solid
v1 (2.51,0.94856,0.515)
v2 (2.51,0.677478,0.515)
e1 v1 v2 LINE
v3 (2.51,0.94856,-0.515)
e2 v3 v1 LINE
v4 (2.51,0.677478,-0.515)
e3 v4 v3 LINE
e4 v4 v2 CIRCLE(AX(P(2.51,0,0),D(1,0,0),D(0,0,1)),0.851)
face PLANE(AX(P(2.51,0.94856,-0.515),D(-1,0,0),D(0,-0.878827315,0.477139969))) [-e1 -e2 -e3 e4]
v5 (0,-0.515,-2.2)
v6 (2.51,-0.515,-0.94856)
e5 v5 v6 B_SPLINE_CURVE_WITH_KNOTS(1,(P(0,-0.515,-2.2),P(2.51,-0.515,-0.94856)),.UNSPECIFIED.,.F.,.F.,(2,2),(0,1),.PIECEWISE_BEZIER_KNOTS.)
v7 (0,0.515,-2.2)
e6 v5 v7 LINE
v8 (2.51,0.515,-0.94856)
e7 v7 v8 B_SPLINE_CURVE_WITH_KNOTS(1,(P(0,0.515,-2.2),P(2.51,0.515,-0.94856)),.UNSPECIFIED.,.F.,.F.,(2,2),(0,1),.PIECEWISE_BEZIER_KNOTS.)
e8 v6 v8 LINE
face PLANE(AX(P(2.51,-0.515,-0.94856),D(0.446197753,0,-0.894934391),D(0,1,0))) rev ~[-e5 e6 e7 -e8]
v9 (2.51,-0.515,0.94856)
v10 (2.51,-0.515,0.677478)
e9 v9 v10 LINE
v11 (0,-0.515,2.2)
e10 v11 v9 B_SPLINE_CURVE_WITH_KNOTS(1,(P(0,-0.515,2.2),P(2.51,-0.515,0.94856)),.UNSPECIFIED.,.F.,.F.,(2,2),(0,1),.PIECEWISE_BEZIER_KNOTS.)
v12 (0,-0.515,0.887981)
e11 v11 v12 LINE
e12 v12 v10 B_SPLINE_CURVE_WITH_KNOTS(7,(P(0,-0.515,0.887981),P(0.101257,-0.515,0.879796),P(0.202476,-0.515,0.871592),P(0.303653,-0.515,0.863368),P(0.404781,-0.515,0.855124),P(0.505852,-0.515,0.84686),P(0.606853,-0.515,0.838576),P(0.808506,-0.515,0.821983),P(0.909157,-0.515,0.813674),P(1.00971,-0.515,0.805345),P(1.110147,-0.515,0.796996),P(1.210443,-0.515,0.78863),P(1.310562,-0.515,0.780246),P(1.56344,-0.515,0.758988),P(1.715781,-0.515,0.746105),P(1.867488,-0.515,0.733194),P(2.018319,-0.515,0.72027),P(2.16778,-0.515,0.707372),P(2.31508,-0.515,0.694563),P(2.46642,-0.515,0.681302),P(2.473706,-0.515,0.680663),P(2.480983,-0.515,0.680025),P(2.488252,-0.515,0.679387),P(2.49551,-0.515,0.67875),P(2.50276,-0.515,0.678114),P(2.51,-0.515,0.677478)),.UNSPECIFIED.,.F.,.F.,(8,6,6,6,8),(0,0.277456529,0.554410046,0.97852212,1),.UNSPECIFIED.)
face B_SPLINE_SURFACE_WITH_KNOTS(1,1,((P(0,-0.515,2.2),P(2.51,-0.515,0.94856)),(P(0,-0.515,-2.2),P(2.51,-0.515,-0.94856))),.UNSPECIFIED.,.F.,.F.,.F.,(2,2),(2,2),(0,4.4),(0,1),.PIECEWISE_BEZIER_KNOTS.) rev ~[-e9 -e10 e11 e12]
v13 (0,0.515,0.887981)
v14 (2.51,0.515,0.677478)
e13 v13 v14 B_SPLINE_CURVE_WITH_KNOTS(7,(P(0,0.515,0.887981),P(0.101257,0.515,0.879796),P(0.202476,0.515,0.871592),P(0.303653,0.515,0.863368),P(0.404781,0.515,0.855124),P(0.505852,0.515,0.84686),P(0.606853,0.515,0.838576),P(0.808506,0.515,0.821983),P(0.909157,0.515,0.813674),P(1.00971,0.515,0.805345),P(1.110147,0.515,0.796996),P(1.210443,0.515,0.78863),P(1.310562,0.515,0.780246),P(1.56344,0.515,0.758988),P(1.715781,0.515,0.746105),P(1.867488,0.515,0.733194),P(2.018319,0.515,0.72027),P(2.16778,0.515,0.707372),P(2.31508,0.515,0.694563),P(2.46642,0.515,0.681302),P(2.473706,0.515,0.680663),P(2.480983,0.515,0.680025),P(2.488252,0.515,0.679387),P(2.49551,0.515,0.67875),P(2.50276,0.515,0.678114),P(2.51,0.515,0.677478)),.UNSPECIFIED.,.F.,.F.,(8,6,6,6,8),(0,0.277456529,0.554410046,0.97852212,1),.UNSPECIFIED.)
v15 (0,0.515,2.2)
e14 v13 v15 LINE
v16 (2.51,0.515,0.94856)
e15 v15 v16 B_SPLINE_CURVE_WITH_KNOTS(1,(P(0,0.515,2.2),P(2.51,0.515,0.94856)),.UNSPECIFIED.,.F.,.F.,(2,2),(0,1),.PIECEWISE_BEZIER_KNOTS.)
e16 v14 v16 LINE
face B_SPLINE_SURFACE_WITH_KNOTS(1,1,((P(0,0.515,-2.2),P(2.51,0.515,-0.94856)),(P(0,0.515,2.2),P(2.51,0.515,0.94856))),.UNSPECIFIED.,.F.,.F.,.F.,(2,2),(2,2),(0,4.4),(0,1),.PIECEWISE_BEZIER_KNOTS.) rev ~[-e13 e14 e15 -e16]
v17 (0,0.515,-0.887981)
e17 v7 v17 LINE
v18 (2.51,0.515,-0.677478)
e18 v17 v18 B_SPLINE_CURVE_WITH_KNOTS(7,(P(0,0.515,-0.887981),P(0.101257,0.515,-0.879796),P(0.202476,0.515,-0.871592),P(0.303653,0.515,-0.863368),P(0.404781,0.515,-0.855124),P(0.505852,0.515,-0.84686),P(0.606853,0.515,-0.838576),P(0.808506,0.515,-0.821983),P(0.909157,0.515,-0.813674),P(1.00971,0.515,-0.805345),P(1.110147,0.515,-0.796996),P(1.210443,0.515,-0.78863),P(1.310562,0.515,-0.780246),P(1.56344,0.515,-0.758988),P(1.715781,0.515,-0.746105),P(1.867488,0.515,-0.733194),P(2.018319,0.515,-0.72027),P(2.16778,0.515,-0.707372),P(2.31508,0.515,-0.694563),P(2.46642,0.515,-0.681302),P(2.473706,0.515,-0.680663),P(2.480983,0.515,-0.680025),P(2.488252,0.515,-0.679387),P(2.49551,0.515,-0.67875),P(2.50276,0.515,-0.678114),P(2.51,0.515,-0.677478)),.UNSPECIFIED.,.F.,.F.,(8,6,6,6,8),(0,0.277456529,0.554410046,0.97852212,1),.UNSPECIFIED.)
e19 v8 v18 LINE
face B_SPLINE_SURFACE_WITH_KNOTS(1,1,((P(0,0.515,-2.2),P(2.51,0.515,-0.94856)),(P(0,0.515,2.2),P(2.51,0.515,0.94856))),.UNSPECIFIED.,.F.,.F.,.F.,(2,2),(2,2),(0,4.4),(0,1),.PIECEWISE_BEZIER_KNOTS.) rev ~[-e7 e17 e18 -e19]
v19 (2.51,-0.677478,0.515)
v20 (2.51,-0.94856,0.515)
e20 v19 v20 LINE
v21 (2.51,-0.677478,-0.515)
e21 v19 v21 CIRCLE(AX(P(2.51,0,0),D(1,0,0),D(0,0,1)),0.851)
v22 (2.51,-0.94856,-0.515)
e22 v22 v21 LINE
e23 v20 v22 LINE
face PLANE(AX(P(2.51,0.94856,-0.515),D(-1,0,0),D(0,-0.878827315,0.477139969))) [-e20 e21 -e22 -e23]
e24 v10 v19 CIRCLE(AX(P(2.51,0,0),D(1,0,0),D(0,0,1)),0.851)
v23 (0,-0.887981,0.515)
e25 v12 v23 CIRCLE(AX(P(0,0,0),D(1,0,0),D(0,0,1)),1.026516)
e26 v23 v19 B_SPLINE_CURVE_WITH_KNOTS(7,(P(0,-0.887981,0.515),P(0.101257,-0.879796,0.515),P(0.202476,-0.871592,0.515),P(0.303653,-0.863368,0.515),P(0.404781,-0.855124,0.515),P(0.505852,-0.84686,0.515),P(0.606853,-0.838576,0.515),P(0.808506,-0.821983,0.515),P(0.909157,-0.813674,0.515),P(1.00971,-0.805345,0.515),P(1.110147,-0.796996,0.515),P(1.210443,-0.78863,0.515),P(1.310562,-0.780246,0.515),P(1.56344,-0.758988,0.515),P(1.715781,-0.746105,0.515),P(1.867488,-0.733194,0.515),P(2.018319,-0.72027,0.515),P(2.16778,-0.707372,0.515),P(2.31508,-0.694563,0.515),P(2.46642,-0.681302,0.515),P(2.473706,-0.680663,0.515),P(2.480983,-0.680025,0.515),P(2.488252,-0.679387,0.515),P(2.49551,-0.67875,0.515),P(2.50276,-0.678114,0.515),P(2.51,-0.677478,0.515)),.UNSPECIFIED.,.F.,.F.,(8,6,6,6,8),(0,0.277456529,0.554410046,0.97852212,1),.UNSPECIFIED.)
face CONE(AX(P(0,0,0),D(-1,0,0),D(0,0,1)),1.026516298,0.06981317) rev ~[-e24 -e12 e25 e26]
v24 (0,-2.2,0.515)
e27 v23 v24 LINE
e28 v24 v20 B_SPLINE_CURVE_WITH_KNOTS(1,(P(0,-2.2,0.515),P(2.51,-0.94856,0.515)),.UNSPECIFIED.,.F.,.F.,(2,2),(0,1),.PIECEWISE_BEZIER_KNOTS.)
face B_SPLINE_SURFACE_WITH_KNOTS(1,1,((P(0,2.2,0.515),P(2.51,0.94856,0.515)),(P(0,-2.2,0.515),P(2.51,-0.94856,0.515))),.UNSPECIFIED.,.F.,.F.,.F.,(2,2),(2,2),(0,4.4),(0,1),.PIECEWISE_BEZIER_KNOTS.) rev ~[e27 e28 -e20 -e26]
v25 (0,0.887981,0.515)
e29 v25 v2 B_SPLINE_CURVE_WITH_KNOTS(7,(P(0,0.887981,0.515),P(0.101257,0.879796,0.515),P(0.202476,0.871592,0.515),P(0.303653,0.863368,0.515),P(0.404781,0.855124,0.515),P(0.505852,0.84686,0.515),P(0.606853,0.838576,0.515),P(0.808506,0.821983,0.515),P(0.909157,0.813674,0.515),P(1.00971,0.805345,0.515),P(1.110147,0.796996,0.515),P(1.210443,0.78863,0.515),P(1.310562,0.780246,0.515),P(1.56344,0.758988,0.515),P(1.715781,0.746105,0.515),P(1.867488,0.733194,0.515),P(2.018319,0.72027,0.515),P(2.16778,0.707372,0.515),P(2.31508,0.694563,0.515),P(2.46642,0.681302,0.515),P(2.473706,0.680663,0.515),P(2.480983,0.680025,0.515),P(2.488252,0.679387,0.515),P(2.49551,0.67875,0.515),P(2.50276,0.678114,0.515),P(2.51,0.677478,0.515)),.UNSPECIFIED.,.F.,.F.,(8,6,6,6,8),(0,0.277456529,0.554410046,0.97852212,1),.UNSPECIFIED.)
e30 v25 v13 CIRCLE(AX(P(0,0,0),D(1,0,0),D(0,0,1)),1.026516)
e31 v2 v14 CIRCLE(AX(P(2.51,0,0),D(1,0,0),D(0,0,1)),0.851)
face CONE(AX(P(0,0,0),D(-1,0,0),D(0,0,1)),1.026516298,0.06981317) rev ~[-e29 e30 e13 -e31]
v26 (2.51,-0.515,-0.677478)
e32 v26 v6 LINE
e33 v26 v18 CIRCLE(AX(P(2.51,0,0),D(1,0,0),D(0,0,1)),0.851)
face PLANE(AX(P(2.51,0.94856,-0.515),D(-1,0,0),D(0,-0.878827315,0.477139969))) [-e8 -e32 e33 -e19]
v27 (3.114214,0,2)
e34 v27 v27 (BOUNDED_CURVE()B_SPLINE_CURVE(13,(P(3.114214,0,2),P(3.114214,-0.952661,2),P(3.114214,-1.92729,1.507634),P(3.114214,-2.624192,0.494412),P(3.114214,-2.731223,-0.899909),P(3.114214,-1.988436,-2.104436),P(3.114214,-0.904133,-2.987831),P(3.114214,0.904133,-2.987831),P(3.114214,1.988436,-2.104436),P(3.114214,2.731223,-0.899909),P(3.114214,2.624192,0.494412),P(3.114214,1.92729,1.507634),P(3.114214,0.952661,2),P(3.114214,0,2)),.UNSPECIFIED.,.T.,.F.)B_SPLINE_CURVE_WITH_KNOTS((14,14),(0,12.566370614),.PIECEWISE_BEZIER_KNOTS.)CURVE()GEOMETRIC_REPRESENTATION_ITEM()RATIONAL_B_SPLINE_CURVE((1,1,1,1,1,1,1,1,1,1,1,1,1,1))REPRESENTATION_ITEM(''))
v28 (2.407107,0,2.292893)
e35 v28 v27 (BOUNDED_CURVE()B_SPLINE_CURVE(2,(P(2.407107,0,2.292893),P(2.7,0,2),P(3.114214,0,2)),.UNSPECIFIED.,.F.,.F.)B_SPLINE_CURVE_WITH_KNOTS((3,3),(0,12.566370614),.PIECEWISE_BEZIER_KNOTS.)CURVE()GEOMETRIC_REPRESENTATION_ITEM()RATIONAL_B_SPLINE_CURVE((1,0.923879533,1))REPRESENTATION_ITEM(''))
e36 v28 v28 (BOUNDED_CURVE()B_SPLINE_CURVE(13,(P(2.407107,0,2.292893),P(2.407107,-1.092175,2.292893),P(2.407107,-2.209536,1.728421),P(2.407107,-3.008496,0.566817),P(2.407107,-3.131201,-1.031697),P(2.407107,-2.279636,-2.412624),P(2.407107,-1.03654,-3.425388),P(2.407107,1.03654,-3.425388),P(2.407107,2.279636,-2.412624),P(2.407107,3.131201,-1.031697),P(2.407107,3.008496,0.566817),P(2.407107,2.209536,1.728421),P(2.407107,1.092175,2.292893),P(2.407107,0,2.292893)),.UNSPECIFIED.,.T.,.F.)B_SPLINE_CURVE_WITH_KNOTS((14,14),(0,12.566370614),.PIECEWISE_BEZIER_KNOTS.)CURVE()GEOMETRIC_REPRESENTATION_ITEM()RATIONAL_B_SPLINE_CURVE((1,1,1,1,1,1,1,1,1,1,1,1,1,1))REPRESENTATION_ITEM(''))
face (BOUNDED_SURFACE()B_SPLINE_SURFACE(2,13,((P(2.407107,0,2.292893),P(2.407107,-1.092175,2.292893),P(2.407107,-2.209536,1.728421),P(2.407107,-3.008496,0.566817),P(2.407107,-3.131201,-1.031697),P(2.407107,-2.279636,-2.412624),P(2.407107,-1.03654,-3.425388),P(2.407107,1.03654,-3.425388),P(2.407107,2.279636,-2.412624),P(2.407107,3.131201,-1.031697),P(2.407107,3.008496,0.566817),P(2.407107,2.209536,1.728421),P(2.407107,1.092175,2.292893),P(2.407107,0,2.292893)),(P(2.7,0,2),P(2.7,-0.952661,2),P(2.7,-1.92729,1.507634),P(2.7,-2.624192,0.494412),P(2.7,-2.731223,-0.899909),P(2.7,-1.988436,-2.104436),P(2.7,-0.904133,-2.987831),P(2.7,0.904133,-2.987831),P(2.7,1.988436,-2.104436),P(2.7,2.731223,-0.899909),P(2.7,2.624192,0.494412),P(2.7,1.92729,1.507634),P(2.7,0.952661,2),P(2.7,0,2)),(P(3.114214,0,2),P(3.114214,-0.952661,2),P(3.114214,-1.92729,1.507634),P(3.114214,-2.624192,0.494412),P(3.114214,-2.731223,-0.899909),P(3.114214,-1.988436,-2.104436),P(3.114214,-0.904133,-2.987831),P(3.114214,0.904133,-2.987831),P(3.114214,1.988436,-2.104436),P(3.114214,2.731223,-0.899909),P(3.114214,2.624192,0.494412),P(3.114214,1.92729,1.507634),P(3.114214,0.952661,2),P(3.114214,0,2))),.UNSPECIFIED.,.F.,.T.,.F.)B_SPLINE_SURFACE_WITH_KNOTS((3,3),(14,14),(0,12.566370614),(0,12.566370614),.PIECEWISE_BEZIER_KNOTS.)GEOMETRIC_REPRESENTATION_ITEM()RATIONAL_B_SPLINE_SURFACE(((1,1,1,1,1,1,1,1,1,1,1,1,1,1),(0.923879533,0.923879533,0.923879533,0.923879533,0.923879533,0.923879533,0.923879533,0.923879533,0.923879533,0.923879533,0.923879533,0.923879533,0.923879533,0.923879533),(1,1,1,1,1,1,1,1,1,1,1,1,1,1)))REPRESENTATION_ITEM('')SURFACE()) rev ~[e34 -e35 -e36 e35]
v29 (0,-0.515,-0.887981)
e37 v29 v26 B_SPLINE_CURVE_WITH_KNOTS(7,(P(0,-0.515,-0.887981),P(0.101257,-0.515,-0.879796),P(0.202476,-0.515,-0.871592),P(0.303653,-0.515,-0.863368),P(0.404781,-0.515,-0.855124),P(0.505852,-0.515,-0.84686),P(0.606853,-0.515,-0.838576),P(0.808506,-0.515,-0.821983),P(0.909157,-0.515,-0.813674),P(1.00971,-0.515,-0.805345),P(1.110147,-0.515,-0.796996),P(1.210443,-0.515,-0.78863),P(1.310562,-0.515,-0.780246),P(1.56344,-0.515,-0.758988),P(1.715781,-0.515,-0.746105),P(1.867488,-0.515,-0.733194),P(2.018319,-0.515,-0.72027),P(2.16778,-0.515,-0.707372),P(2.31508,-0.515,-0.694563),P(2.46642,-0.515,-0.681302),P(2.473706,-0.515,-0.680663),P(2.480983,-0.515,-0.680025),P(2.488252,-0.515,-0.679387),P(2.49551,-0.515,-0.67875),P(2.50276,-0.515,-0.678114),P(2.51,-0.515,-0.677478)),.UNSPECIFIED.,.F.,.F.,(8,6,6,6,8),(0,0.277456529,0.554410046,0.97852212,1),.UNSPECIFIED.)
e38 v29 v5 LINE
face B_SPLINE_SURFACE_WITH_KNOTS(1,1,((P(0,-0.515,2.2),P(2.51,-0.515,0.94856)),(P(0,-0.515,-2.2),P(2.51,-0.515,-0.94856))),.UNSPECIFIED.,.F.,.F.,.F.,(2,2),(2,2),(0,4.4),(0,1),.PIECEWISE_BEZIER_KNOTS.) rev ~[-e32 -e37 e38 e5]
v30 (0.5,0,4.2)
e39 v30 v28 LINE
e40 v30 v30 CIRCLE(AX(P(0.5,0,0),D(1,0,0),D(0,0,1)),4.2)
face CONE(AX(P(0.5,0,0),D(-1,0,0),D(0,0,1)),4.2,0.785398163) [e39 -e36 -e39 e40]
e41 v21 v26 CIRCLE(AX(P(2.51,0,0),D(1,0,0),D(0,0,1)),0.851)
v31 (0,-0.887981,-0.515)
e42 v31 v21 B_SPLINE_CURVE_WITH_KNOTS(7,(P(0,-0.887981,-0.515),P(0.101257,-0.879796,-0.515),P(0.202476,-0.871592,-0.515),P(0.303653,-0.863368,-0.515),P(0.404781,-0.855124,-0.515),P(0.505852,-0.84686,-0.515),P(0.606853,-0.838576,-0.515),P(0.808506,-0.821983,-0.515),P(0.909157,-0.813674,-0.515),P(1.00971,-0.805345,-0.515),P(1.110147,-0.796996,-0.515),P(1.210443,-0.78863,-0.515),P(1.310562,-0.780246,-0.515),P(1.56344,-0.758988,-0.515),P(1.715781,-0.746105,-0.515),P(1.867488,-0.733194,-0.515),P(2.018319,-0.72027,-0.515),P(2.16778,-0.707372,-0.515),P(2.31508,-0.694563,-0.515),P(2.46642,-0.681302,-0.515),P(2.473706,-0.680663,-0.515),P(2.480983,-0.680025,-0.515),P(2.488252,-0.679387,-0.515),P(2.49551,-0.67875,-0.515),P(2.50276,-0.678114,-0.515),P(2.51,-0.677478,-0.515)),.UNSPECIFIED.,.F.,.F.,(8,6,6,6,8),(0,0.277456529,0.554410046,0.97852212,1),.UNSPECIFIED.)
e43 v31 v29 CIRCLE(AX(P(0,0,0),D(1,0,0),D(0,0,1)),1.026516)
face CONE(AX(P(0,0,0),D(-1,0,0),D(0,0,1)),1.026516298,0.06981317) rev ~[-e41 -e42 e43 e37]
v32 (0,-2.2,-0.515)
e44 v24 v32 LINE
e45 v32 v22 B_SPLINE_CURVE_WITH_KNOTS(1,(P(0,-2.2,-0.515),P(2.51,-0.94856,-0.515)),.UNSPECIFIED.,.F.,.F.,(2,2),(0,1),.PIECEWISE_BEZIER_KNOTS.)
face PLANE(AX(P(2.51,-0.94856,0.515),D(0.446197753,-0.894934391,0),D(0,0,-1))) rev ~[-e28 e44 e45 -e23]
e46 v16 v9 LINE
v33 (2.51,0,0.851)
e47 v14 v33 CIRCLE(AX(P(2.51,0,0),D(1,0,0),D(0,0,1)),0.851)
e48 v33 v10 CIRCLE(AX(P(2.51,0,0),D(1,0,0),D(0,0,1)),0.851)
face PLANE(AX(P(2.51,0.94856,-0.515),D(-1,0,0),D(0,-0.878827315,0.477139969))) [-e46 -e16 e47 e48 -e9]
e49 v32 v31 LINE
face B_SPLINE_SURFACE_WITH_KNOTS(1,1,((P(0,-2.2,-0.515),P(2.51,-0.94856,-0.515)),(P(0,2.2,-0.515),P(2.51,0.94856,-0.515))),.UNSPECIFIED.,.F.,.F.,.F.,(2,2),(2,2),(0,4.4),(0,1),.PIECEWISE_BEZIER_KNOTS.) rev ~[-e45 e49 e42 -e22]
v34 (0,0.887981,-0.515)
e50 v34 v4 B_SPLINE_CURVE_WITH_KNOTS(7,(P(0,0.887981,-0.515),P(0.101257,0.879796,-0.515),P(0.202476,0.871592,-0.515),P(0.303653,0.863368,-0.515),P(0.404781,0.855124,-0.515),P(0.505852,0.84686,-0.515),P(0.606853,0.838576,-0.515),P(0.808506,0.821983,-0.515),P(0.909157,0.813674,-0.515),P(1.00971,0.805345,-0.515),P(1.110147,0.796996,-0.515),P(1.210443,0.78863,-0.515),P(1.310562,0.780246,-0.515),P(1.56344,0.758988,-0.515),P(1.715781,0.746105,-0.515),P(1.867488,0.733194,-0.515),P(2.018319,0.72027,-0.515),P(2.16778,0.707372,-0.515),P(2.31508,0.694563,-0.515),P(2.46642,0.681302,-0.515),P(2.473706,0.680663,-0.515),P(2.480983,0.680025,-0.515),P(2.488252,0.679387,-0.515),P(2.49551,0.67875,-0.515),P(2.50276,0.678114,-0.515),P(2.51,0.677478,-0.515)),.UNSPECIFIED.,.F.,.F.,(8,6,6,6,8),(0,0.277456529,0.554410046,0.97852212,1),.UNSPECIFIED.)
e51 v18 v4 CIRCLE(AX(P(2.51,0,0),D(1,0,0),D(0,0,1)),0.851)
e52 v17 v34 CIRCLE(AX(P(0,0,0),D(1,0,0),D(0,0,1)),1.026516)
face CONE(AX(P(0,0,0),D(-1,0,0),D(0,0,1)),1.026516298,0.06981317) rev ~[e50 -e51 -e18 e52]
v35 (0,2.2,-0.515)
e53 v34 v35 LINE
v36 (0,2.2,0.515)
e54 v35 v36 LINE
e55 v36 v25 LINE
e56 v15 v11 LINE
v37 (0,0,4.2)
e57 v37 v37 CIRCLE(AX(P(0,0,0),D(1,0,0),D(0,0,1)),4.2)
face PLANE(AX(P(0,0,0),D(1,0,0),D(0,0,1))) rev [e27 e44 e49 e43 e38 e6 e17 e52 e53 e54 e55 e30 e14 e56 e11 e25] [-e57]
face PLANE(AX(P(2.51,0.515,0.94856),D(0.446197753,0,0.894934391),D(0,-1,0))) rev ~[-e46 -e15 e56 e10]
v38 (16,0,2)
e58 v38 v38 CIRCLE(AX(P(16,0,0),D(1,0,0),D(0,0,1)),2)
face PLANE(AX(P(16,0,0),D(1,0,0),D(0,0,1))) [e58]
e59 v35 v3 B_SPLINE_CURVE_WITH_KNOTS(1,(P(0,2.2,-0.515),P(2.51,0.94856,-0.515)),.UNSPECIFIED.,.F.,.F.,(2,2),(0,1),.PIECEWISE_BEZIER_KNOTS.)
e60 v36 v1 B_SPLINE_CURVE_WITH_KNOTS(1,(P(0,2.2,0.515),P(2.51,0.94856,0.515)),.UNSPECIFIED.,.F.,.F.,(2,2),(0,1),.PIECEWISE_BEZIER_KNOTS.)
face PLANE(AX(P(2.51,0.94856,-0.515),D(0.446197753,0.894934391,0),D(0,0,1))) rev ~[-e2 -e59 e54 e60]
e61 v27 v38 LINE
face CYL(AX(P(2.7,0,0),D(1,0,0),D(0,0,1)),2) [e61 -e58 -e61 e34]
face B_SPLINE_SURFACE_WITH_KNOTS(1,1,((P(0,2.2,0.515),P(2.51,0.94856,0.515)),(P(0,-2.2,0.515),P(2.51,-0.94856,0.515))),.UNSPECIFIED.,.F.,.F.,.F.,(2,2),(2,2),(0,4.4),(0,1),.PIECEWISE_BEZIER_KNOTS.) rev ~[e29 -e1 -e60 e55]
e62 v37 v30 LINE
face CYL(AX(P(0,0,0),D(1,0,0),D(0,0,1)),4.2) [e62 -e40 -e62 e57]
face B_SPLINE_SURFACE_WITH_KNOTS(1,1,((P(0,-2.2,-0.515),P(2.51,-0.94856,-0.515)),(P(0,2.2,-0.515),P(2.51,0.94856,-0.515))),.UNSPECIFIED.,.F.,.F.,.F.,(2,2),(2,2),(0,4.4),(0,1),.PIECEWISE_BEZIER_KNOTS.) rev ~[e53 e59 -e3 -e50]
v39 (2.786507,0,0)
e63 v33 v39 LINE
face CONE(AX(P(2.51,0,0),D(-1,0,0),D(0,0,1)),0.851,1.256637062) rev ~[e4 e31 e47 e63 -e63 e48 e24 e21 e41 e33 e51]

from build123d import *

# Parameters (mm, degrees)
FILLET1_R    = 1
RECPAT_COUNT = 2
RECPAT_ANGLE = 90


with BuildPart() as part:
    # BodySke → Base-Revolve (revolve)
    with BuildSketch(Plane.XY, mode=Mode.PRIVATE) as base_revolve_sk:
        Polygon((0, 0), (0, 4.2), (0.5, 4.2), (2.7, 2), (16, 2), (16, 0), align=None)
    revolve(base_revolve_sk.sketch.rotate(Axis((-6.35, 0, 0), (1, 0, 0)), 90), axis=Axis((-6.35, 0, 0), (1, 0, 0)))

    # Fillet1
    fillet1_edges = [part.edges().sort_by_distance(p)[0] for p in [
        (2.7, 0, -2),
    ]]
    fillet(fillet1_edges, radius=FILLET1_R)

    # Sketch3 → Recess section 0
    with BuildSketch(Plane.ZY):
        with BuildLine():
            Line((-0.515, 2.2), (0.515, 2.2))
            Line((0.515, 2.2), (0.515, -2.2))
            Line((0.515, -2.2), (-0.515, -2.2))
            Line((-0.515, -2.2), (-0.515, 2.2))
        make_face()
    # Sketch4 → Recess section 1
    with BuildSketch(Plane.ZY.offset(-2.51)):
        with BuildLine():
            Line((-0.515, 0.948560373), (0.515, 0.948560373))
            Line((0.515, 0.948560373), (0.515, -0.948560373))
            Line((0.515, -0.948560373), (-0.515, -0.948560373))
            Line((-0.515, -0.948560373), (-0.515, 0.948560373))
        make_face()
    recess = loft(mode=Mode.SUBTRACT)

    # RecPat: Recess ×2 about axis
    recpat_axis = Axis((0, 0, 0), (1, 0, 0))
    for i in range(1, RECPAT_COUNT):
        add(recess.rotate(recpat_axis, i * RECPAT_ANGLE / (RECPAT_COUNT - 1)), mode=Mode.SUBTRACT)

    # RecCorSke → RecessCore (revolve, cut)
    with BuildSketch(Plane.XY, mode=Mode.PRIVATE) as recesscore_sk:
        Polygon((0, 0), (0, 1.026516298), (2.51, 0.851), (2.786506661, 0), align=None)
    revolve(recesscore_sk.sketch.rotate(Axis((-3.175, 0, 0), (1, 0, 0)), 90), axis=Axis((-3.175, 0, 0), (1, 0, 0)), mode=Mode.SUBTRACT)


solid = part.part
